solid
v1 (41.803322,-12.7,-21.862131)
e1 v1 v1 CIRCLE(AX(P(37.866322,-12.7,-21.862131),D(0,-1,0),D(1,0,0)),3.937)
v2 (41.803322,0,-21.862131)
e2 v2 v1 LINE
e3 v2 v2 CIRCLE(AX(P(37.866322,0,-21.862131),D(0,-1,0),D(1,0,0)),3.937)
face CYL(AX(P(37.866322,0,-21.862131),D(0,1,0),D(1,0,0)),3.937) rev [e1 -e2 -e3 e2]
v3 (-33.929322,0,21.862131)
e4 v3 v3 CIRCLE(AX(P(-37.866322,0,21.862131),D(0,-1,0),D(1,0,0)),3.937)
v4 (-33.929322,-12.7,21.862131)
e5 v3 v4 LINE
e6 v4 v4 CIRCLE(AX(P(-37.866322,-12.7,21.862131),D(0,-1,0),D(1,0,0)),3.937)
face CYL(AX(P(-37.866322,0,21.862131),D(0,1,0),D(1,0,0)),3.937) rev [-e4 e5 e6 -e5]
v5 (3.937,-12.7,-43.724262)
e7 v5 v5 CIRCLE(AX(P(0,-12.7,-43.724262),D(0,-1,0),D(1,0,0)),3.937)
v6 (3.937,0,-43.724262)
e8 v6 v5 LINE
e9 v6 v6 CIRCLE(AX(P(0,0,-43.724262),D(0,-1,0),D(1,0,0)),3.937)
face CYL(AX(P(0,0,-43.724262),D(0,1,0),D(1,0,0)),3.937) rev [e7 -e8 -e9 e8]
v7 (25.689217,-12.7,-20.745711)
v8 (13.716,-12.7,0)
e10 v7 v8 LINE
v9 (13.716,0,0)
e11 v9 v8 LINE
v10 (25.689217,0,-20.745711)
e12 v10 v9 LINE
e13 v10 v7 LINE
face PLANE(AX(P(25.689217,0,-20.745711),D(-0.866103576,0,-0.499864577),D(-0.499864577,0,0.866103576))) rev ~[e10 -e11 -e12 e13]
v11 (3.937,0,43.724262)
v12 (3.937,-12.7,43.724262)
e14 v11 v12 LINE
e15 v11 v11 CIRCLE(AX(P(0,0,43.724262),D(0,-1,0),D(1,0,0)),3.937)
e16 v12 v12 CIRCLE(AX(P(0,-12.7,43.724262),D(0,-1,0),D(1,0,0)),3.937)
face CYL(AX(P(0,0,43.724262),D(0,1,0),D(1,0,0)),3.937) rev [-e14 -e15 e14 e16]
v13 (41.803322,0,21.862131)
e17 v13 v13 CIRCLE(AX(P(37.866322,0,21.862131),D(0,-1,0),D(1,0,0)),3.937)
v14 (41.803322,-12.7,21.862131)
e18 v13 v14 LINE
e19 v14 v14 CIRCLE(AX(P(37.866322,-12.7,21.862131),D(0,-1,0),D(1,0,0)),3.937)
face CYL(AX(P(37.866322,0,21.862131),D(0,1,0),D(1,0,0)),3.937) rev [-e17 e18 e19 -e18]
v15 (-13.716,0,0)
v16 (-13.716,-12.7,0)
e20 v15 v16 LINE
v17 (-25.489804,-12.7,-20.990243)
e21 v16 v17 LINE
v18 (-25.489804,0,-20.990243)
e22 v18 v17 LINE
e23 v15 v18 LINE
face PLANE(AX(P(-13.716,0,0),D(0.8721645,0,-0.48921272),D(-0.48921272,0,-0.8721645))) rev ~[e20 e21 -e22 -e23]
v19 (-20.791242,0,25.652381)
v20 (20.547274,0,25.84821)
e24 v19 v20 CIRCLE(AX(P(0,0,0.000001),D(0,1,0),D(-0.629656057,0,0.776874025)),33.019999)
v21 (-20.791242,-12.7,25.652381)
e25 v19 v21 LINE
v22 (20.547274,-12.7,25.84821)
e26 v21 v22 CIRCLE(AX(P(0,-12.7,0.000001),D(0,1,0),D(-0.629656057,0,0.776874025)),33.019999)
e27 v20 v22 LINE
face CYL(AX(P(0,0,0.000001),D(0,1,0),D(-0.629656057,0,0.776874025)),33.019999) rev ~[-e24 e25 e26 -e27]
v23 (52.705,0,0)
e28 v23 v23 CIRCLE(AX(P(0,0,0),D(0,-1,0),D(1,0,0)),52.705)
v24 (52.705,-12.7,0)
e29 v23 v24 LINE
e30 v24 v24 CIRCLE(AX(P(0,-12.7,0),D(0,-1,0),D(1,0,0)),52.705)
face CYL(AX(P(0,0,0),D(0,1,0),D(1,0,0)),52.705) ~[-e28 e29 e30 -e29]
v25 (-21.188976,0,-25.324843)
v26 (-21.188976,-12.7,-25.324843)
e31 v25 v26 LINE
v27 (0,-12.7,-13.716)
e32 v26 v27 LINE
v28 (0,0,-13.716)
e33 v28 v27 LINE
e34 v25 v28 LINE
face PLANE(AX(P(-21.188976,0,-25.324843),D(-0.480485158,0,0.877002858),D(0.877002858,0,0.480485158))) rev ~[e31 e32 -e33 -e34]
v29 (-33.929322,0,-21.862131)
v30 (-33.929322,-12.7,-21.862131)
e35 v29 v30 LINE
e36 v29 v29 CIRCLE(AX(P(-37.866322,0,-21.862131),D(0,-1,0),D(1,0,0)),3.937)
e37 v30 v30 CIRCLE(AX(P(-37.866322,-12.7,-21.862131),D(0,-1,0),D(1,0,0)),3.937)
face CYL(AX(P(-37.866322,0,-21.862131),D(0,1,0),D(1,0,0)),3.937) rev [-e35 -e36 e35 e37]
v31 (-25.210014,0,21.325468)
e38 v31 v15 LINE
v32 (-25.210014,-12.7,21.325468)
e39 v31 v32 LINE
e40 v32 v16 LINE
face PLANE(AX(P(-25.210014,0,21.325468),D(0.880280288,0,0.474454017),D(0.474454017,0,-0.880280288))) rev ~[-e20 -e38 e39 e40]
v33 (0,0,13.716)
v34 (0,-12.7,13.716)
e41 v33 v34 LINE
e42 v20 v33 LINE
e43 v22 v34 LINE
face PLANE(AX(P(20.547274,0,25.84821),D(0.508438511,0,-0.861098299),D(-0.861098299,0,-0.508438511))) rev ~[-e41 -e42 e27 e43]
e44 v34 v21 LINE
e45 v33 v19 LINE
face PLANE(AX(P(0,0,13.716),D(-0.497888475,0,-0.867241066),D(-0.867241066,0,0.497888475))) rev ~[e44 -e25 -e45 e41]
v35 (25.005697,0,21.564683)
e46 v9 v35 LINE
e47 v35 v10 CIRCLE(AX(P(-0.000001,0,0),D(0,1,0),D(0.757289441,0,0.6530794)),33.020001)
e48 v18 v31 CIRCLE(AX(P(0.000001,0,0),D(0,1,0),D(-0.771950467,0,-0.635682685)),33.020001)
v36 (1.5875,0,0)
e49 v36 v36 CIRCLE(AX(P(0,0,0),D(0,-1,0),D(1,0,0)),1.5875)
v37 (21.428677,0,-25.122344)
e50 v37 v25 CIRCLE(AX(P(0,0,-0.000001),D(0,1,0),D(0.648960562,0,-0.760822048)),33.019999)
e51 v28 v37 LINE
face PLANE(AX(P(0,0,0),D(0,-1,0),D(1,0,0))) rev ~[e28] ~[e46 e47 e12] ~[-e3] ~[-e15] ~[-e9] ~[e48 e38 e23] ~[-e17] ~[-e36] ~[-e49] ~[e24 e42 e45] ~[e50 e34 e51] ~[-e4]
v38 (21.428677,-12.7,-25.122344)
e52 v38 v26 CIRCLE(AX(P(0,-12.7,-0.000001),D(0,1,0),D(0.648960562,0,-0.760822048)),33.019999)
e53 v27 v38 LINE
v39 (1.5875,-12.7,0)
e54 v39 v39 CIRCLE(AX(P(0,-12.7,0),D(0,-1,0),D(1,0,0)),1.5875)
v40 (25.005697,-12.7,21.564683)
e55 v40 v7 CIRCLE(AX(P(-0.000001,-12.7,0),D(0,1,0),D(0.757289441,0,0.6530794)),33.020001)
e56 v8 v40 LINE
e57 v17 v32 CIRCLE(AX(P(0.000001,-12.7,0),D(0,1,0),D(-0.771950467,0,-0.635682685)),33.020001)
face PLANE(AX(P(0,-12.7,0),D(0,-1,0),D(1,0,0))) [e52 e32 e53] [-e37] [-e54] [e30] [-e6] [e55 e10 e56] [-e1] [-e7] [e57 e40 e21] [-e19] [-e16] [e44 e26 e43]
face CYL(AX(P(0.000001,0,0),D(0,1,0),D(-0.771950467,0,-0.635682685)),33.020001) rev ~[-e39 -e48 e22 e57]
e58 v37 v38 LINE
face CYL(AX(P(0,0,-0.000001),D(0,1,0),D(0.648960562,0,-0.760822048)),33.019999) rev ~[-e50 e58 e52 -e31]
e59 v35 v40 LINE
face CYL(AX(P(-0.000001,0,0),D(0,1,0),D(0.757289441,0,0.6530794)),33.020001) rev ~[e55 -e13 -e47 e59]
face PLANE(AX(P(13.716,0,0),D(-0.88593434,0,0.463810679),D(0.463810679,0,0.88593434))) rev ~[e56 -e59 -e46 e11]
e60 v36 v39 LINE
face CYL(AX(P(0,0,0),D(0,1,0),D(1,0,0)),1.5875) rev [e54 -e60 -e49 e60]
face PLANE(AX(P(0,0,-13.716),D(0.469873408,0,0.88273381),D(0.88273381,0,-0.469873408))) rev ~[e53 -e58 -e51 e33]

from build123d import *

# Parameters (mm, degrees)
F0_R     = 52.705
F0_R_2   = 3.937
F0_R_3   = 1.5875
F1_DEPTH = 12.7


with BuildPart() as f1:
    # F0 (on Front) → F1 (new body)
    with BuildSketch(Plane.XZ):
        Circle(F0_R)
        with Locations((-37.866322, -21.862131)):
            Circle(F0_R_2, mode=Mode.SUBTRACT)
        with Locations((0, -43.724262)):
            Circle(F0_R_2, mode=Mode.SUBTRACT)
        with BuildLine():
            Line((-21.188976, -25.324843), (0, -13.716))
            Line((0, -13.716), (21.428677, -25.122344))
            ThreePointArc((21.428677, -25.122344), (0.156893, -33.019627), (-21.188976, -25.324843))
        make_face(mode=Mode.SUBTRACT)
        with Locations((37.866322, -21.862131)):
            Circle(F0_R_2, mode=Mode.SUBTRACT)
        with Locations((-37.866322, 21.862131)):
            Circle(F0_R_2, mode=Mode.SUBTRACT)
        with BuildLine():
            ThreePointArc((-25.489804, -20.990243), (-33.019278, 0.218322), (-25.210014, 21.325468))
            Line((-25.210014, 21.325468), (-13.716, 0))
            Line((-13.716, 0), (-25.489804, -20.990243))
        make_face(mode=Mode.SUBTRACT)
        with BuildLine():
            Line((0, 13.716), (-20.791242, 25.652381))
            ThreePointArc((-20.791242, 25.652381), (-0.15642, 33.01963), (20.547274, 25.84821))
            Line((20.547274, 25.84821), (0, 13.716))
        make_face(mode=Mode.SUBTRACT)
        Circle(F0_R_3, mode=Mode.SUBTRACT)
        with BuildLine():
            Line((13.716, 0), (25.005697, 21.564683))
            ThreePointArc((25.005697, 21.564683), (33.015692, 0.533365), (25.689217, -20.745711))
            Line((25.689217, -20.745711), (13.716, 0))
        make_face(mode=Mode.SUBTRACT)
        with Locations((37.866322, 21.862131)):
            Circle(F0_R_2, mode=Mode.SUBTRACT)
        with Locations((0, 43.724262)):
            Circle(F0_R_2, mode=Mode.SUBTRACT)
    extrude(amount=F1_DEPTH)


solid = f1.part
